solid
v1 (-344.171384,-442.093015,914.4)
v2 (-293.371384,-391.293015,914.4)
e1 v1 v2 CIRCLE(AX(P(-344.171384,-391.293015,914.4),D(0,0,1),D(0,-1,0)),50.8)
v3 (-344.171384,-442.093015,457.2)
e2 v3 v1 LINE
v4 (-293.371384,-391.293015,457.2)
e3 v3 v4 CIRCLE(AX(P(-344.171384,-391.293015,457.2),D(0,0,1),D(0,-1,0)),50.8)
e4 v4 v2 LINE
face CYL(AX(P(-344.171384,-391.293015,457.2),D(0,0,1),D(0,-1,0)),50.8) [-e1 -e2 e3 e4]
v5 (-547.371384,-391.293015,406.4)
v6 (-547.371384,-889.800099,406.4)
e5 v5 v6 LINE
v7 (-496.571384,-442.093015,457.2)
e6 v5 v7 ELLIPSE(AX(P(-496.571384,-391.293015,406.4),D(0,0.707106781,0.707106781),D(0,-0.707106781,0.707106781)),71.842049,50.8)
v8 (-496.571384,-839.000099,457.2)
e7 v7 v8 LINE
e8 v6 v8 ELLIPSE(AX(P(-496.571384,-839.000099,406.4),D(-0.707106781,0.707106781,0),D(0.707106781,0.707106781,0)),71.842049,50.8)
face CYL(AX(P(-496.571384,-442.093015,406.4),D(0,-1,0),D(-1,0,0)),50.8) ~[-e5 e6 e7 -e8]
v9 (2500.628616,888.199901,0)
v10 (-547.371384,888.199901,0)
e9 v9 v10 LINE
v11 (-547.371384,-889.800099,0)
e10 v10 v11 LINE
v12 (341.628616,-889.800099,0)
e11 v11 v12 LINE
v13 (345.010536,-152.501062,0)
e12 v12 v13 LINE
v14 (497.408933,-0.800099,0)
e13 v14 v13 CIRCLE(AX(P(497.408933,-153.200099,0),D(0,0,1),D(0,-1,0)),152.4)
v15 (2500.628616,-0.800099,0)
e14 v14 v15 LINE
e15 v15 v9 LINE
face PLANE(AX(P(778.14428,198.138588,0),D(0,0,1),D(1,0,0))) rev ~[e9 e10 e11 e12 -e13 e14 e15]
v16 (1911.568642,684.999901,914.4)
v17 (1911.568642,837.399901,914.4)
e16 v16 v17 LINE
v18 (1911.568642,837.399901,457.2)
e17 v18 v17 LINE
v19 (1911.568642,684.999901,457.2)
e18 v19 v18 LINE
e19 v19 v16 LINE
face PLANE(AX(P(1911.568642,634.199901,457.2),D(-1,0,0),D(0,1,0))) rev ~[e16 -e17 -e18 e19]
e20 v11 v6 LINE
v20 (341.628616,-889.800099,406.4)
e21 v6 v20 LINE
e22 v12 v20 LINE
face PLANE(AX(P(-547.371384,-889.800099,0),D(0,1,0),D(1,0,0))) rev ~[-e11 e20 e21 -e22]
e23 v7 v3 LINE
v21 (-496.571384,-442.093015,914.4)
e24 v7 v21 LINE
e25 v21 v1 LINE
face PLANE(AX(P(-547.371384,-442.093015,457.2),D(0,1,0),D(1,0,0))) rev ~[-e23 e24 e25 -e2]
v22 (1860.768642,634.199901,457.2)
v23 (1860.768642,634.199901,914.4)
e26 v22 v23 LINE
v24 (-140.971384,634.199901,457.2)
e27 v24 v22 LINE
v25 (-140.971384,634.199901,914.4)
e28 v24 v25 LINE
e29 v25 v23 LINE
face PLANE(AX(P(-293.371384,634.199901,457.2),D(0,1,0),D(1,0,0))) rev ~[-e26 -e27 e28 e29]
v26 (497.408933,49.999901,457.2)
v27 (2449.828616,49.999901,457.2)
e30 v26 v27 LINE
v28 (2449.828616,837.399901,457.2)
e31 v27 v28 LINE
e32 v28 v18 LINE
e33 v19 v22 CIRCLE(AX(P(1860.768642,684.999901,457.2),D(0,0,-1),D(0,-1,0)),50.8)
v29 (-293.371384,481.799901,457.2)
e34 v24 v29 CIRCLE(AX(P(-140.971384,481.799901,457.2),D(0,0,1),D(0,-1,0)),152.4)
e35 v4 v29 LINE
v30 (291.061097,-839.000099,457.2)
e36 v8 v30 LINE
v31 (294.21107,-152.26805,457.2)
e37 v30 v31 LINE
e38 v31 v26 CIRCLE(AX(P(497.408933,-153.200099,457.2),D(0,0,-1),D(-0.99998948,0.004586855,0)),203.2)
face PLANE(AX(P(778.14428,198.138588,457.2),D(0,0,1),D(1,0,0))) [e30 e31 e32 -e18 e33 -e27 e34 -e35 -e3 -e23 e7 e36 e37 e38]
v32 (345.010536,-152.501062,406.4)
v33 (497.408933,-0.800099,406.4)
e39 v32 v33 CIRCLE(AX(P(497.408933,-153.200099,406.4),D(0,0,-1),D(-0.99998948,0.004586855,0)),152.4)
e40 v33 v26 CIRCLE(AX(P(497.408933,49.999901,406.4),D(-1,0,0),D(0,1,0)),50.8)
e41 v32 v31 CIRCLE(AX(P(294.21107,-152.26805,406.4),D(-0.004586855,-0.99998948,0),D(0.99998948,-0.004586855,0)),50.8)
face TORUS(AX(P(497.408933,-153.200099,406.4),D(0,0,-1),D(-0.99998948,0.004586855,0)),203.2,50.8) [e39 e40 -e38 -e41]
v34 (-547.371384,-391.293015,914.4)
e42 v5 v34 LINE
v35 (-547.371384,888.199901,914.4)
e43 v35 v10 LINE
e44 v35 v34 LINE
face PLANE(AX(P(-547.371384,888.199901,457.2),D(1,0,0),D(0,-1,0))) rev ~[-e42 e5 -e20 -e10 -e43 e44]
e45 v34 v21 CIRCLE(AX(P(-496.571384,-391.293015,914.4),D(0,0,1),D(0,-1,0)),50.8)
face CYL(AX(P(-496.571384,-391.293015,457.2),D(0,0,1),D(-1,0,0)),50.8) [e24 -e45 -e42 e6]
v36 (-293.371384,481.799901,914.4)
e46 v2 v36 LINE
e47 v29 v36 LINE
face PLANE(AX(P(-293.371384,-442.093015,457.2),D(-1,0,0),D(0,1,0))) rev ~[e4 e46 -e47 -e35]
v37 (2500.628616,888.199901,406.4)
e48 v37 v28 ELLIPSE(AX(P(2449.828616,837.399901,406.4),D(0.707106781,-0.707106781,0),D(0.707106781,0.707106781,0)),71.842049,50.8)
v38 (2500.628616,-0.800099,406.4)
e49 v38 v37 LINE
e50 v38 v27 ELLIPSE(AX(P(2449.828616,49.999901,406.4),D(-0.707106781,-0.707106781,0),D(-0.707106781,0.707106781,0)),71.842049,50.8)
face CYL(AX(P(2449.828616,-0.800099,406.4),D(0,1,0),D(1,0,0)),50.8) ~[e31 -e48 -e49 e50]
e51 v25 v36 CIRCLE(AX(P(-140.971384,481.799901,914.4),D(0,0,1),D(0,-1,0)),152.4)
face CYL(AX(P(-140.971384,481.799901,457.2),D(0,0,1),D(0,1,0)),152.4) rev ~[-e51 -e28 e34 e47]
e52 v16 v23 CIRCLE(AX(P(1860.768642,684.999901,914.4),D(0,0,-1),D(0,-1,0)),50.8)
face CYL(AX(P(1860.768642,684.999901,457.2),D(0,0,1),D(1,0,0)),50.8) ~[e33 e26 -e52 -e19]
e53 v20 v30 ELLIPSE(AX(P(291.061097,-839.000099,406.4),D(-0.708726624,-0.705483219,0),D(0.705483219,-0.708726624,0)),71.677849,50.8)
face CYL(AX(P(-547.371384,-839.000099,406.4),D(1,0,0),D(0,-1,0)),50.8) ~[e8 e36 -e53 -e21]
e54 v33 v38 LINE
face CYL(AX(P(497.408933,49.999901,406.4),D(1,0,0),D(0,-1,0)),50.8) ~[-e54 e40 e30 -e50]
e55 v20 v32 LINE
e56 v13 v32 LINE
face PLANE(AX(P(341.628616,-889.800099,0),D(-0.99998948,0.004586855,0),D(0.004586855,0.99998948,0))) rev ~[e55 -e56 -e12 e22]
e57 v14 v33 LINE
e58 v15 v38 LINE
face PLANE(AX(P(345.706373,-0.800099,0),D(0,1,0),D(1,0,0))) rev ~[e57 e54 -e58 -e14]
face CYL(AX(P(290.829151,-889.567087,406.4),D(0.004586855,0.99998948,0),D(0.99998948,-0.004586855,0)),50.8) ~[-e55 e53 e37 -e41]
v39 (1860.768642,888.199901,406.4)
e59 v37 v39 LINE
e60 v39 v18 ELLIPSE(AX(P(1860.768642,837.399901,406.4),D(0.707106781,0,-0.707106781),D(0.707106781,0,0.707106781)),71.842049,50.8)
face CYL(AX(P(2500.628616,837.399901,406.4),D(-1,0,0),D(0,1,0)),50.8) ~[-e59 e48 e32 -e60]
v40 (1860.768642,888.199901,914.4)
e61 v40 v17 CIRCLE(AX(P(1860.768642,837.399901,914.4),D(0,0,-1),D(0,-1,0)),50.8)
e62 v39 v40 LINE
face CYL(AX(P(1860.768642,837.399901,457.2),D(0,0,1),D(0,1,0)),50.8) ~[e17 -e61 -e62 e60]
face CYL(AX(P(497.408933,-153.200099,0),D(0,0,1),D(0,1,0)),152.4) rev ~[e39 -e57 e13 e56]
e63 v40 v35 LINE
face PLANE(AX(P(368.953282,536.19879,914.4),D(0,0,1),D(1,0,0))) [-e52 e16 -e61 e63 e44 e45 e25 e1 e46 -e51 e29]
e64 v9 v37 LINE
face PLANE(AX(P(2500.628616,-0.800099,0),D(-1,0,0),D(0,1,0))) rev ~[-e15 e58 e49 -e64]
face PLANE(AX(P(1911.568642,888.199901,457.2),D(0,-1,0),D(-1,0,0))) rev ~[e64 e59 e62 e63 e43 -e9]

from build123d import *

# Parameters (mm, degrees)
F1_DEPTH = 457.2
F3_DEPTH = 457.2
F4_R     = 152.4
F5_R     = 50.8


with BuildPart() as f1:
    # F0 (on Top) → F1 (new body)
    with BuildSketch(Plane.XY):
        Polygon((-547.3713837611, -889.8000992239), (341.6286162389, -889.8000992239), (345.7063734531, -0.8000992239), (2500.6286162389, -0.8000992239), (2500.6286162389, 888.1999007761), (-547.3713837611, 888.1999007761), align=None)
    extrude(amount=F1_DEPTH)

    # F2 (on face) → F3 (join)
    with BuildSketch(Plane.XY.offset(457.2)):
        Polygon((-547.3713837611, 888.1999007761), (-547.3713837611, -442.0930147171), (-293.3713837611, -442.0930147171), (-293.3713837611, 634.1999007761), (1911.5686416626, 634.1999007761), (1911.5686416626, 888.1999007761), align=None)
    extrude(amount=F3_DEPTH)

    # F4
    f4_edges = [f1.edges().sort_by_distance(p)[0] for p in [
        (-293.371384, 634.199901, 685.8),
        (345.706373, -0.800099, 228.6),
    ]]
    fillet(f4_edges, radius=F4_R)

    # F5
    f5_edges = [f1.edges().sort_by_distance(p)[0] for p in [
        (1911.568642, 634.199901, 685.8),
        (1911.568642, 888.199901, 685.8),
        (2500.628616, 443.699901, 457.2),
        (-102.871384, -889.800099, 457.2),
        (343.319576, -521.150581, 457.2),
        (2206.098629, 888.199901, 457.2),
        (-547.371384, -665.946557, 457.2),
        (-293.371384, -442.093015, 685.8),
        (-547.371384, -442.093015, 685.8),
    ]]
    fillet(f5_edges, radius=F5_R)


solid = f1.part
